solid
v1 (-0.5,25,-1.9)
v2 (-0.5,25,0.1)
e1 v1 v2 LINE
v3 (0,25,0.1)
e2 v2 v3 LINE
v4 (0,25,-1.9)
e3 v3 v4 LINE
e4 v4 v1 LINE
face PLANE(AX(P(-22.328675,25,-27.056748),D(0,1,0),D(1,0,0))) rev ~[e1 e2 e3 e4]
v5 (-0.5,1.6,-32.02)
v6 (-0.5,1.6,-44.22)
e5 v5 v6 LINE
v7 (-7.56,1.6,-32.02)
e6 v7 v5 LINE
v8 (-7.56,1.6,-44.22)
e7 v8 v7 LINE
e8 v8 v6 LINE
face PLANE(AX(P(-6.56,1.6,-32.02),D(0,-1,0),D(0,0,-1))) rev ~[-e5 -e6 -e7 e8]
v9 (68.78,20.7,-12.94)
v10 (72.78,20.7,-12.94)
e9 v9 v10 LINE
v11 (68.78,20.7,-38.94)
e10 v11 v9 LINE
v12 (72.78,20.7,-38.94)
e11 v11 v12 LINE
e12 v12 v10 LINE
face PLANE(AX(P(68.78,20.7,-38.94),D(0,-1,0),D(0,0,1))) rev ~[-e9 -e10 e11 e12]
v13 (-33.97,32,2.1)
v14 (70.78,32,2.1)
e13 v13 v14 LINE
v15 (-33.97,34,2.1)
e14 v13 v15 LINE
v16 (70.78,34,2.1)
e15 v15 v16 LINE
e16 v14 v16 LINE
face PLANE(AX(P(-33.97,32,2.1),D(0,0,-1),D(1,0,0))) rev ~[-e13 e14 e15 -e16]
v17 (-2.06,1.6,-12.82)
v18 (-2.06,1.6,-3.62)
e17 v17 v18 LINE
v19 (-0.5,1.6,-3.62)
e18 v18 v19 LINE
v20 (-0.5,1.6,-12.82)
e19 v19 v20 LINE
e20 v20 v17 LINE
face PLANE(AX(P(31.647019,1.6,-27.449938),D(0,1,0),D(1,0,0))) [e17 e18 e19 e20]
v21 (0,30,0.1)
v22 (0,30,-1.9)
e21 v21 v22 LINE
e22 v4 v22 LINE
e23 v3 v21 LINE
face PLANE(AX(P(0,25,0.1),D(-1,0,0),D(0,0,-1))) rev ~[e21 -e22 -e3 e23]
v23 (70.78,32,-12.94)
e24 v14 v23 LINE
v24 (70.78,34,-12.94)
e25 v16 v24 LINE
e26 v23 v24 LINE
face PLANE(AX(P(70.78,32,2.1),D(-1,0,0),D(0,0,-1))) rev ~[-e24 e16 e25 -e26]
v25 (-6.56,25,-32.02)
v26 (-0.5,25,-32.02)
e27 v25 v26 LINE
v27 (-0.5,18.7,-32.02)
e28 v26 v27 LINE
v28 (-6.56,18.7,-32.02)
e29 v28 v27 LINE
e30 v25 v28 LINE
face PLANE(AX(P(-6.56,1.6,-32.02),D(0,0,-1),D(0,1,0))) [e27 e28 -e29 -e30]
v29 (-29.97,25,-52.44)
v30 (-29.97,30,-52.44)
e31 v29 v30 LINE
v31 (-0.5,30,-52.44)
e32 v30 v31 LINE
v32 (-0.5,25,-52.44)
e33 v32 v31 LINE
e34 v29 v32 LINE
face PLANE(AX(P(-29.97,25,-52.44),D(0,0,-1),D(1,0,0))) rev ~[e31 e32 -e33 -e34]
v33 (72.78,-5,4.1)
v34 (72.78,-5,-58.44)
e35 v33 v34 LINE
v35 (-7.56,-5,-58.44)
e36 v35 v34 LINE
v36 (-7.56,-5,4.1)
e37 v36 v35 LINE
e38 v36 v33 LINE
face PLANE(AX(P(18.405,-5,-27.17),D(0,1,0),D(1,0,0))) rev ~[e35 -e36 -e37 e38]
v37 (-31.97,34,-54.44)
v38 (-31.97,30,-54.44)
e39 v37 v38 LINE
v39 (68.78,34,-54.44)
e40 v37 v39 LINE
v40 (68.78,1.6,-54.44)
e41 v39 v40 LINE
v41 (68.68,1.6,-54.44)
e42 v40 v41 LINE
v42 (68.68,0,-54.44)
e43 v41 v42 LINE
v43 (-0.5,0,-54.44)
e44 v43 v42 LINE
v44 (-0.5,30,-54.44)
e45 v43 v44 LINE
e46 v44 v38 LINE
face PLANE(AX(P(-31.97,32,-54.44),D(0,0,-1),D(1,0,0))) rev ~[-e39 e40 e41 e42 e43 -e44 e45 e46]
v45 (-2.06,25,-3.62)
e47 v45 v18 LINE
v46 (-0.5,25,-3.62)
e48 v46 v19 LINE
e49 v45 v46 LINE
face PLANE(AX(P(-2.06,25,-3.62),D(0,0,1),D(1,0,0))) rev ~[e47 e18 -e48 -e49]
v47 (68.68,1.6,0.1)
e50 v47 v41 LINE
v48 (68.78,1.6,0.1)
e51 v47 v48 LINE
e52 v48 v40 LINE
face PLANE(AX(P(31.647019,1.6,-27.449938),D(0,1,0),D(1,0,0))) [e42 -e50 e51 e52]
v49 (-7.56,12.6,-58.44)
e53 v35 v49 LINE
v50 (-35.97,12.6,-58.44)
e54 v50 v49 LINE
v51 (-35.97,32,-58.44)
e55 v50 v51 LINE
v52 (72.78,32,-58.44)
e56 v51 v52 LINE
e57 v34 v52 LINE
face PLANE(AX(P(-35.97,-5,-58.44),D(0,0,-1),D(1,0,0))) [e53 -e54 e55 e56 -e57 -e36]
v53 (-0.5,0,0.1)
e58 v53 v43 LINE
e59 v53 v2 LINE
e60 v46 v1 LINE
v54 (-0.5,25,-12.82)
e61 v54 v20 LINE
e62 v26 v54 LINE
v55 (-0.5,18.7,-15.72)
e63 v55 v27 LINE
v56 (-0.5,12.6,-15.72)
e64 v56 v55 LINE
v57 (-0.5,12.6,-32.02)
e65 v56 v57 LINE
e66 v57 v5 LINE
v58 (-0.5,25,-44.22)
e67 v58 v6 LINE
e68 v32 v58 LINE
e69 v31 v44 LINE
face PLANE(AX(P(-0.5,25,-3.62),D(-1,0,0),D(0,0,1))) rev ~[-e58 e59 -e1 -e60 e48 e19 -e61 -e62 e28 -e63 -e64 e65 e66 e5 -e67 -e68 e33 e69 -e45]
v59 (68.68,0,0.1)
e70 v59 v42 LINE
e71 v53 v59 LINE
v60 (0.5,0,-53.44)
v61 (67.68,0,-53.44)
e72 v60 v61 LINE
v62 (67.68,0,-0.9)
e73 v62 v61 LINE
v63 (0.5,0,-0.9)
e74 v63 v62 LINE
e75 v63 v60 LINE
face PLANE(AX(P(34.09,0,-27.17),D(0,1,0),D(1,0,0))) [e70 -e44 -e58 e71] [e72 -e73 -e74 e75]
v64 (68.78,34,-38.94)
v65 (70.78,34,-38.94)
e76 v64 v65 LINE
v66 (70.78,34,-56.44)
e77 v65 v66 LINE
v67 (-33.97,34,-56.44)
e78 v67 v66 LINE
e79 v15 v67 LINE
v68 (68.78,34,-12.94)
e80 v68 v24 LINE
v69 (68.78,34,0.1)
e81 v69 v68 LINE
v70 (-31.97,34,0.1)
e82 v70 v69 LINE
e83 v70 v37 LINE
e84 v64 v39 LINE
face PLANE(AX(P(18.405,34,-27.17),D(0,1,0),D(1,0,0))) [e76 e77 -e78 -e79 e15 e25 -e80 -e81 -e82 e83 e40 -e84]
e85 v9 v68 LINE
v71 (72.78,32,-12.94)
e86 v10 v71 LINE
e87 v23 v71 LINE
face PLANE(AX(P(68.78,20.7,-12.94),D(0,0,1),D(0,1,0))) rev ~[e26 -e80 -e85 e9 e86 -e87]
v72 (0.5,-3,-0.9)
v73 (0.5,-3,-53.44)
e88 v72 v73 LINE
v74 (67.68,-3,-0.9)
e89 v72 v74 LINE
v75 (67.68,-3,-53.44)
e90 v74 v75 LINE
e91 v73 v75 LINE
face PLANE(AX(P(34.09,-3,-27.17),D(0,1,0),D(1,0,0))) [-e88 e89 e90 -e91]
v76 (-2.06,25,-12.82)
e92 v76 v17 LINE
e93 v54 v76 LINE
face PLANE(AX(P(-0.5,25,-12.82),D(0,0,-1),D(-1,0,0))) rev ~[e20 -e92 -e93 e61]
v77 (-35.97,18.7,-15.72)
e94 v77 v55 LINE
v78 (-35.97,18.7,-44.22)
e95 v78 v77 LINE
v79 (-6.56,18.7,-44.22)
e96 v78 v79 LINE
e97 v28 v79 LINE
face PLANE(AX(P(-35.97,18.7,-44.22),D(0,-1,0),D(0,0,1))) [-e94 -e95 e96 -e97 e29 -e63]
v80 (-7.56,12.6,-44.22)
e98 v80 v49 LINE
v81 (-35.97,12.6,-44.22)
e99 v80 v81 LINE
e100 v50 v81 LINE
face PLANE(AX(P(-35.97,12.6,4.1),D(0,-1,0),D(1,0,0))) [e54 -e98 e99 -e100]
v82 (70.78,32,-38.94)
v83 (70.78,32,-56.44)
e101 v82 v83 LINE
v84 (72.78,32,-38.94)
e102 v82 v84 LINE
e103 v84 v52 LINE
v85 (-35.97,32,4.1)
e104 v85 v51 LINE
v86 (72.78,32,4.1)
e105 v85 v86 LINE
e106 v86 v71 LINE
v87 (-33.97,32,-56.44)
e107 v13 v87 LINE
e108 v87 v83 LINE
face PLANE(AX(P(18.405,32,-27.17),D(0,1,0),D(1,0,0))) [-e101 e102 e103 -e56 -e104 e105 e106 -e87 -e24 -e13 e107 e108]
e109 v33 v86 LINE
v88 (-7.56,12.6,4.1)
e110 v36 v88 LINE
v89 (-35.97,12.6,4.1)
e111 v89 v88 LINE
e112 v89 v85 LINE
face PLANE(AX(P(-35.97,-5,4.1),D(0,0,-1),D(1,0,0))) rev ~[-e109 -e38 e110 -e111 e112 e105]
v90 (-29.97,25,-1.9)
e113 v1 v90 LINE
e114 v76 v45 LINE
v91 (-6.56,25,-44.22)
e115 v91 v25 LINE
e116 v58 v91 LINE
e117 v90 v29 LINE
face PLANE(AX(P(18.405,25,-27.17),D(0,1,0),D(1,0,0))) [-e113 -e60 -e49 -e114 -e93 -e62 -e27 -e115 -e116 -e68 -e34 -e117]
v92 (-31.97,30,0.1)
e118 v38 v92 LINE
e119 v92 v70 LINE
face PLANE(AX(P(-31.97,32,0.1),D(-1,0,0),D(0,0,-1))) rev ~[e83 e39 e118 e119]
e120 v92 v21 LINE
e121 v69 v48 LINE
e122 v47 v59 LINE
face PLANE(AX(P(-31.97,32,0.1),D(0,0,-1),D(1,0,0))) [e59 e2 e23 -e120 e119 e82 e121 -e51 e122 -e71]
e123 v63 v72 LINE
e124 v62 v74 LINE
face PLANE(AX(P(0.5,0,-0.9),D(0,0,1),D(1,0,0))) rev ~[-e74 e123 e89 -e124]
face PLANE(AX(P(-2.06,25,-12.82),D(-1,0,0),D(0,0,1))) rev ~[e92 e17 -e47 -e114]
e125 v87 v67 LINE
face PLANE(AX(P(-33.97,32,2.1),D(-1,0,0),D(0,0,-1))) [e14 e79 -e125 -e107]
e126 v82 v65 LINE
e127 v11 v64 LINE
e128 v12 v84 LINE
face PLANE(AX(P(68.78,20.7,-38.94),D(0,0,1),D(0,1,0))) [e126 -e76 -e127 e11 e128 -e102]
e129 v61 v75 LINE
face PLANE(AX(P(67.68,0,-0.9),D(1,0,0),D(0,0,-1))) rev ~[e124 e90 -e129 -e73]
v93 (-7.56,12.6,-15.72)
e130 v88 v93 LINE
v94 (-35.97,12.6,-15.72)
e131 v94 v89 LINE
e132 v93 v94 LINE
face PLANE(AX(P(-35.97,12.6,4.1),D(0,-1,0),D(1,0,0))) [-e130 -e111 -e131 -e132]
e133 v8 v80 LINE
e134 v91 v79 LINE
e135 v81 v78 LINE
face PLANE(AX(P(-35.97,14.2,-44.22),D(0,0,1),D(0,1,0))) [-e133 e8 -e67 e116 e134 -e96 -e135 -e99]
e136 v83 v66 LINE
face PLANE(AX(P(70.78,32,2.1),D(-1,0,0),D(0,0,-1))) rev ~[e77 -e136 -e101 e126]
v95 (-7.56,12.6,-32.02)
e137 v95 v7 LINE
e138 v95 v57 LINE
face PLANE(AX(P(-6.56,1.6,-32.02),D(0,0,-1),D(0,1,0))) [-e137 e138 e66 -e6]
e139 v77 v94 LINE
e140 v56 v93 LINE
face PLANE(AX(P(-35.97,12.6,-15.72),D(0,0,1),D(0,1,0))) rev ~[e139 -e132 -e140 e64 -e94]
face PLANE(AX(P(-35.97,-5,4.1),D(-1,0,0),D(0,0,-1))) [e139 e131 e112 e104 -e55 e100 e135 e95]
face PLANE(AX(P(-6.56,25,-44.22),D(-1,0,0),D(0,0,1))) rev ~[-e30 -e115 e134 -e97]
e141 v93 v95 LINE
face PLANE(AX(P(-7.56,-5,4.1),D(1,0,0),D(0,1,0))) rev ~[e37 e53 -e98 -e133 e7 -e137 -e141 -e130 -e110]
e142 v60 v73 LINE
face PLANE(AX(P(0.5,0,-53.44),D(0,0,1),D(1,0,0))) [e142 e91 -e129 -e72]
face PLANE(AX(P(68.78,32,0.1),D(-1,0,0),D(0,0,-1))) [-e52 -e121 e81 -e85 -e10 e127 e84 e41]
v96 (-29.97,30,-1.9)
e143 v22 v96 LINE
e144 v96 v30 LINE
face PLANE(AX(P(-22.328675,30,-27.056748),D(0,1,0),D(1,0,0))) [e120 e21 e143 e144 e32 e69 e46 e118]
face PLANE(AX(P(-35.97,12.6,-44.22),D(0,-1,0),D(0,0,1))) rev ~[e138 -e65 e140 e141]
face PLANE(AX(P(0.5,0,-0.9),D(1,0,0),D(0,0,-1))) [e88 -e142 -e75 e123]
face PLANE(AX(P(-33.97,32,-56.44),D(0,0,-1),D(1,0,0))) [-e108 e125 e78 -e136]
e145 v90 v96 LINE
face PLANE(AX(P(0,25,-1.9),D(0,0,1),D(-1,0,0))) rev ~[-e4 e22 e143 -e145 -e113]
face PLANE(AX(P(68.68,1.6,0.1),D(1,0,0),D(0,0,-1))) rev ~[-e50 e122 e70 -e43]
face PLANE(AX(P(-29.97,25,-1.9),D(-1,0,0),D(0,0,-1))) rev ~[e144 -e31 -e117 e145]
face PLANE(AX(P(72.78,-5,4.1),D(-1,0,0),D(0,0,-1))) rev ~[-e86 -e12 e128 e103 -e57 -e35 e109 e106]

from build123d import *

# Parameters (mm, degrees)
EXTRUDE_1_DEPTH      = 32
EXTRUDE_1_DEPTH_BACK = 5
SKETCH_6_W           = 108.75
SKETCH_6_H           = 62.54
SKETCH_8_W           = 100.75
SKETCH_8_H           = 54.54
CUT_EXTRUDE_1_DEPTH  = 7
CUT_EXTRUDE_2_DEPTH  = 23.4
SKETCH_10_W          = 69.18
SKETCH_10_H          = 54.54
CUT_EXTRUDE_3_DEPTH  = 1.6
SKETCH_11_W          = 67.18
SKETCH_11_H          = 52.54
CUT_EXTRUDE_4_DEPTH  = 3
SKETCH_12_W          = 12.2
SKETCH_12_H          = 11
CUT_EXTRUDE_5_DEPTH  = 104.605353144
CUT_EXTRUDE_6_REACH  = 129.537
SKETCH_14_W          = 28.5
SKETCH_14_H          = 4.5
CUT_EXTRUDE_7_REACH  = 103.154
SKETCH_15_W          = 28.41
SKETCH_15_H          = 17.6
EXTRUDE_2_DEPTH      = 5
CUT_EXTRUDE_14_REACH = 129.537
SKETCH_23_W          = 28.5
SKETCH_23_H          = 1.6
SKETCH_25_W          = 104.75
SKETCH_25_H          = 58.54
SKETCH_25_W_2        = 100.75
SKETCH_25_H_2        = 54.54
EXTRUDE_3_DEPTH      = 2
SKETCH_26_W          = 26
SKETCH_26_H          = 13.3
CUT_EXTRUDE_15_DEPTH = 4


with BuildPart() as part:
    # ｽｹｯﾁ6 → ﾎﾞｽ - 押し出し1 (new, two sides: drawn at the far end of the back side and taken through both)
    with BuildSketch(Plane(origin=(0, 0, 0), x_dir=(1, 0, 0), z_dir=(0, 1, 0)).offset(-EXTRUDE_1_DEPTH_BACK)):
        with Locations((18.405, 27.17)):
            Rectangle(SKETCH_6_W, SKETCH_6_H)
    extrude(amount=EXTRUDE_1_DEPTH + EXTRUDE_1_DEPTH_BACK)

    # ｽｹｯﾁ8 → ｶｯﾄ - 押し出し1 (cut)
    with BuildSketch(Plane(origin=(0, 32, 0), x_dir=(1, 0, 0), z_dir=(0, 1, 0))):
        with Locations((18.405, 27.17)):
            Rectangle(SKETCH_8_W, SKETCH_8_H)
    extrude(amount=-CUT_EXTRUDE_1_DEPTH, mode=Mode.SUBTRACT)

    # ｽｹｯﾁ9 → ｶｯﾄ - 押し出し2 (cut)
    with BuildSketch(Plane(origin=(0, 25, 0), x_dir=(1, 0, 0), z_dir=(0, 1, 0))):
        Polygon((-0.5, 54.44), (-0.5, 44.22), (-6.56, 44.22), (-6.56, 32.02), (-0.5, 32.02), (-0.5, 12.82), (-2.06, 12.82), (-2.06, 3.62), (-0.5, 3.62), (-0.5, -0.1), (68.78, -0.1), (68.78, 54.44), align=None)
    extrude(amount=-CUT_EXTRUDE_2_DEPTH, mode=Mode.SUBTRACT)

    # ｽｹｯﾁ10 → ｶｯﾄ - 押し出し3 (cut)
    with BuildSketch(Plane(origin=(0, 1.6, 0), x_dir=(1, 0, 0), z_dir=(0, 1, 0))):
        with Locations((34.09, 27.17)):
            Rectangle(SKETCH_10_W, SKETCH_10_H)
    extrude(amount=-CUT_EXTRUDE_3_DEPTH, mode=Mode.SUBTRACT)

    # ｽｹｯﾁ11 → ｶｯﾄ - 押し出し4 (cut)
    with BuildSketch(Plane(origin=(0, 0, 0), x_dir=(1, 0, 0), z_dir=(0, 1, 0))):
        with Locations((34.09, 27.17)):
            Rectangle(SKETCH_11_W, SKETCH_11_H)
    extrude(amount=-CUT_EXTRUDE_4_DEPTH, mode=Mode.SUBTRACT)

    # ｽｹｯﾁ12 → ｶｯﾄ - 押し出し5 (cut, through all)
    with BuildSketch(Plane(origin=(-6.56, 0, 0), x_dir=(0, 0, -1), z_dir=(1, 0, 0))):
        with Locations((38.12, 7.1)):
            Rectangle(SKETCH_12_W, SKETCH_12_H)
    extrude(amount=-CUT_EXTRUDE_5_DEPTH, mode=Mode.SUBTRACT)

    # ｽｹｯﾁ14 → ｶｯﾄ - 押し出し6 (cut, up to next)
    with BuildSketch(Plane.ZY.offset(35.97), mode=Mode.PRIVATE) as cut_extrude_6_sk1:
        with Locations((-29.97, 16.45)):
            Rectangle(SKETCH_14_W, SKETCH_14_H)
    cut_extrude_6_tool1 = extrude(cut_extrude_6_sk1.sketch, amount=-CUT_EXTRUDE_6_REACH, mode=Mode.PRIVATE) & part.part
    add(cut_extrude_6_tool1.solids().sort_by_distance((-35.97, 16.45, -29.97))[0], mode=Mode.SUBTRACT)

    # ｶｯﾄ - 押し出し7: up to this face of the body (flat: up to its plane)
    cut_extrude_7_end = Plane(part.part.faces().sort_by_distance((18.405, 13.5, -58.44))[0])
    # ｽｹｯﾁ15 → ｶｯﾄ - 押し出し7 (cut, up to the picked face)
    with BuildSketch(Plane.XY.offset(4.1), mode=Mode.PRIVATE) as cut_extrude_7_sk1:
        with Locations((-21.765, 3.8)):
            Rectangle(SKETCH_15_W, SKETCH_15_H)
    cut_extrude_7_tool1 = split(extrude(cut_extrude_7_sk1.sketch, amount=-CUT_EXTRUDE_7_REACH, mode=Mode.PRIVATE), bisect_by=cut_extrude_7_end, keep=Keep.BOTH, mode=Mode.PRIVATE)
    add(cut_extrude_7_tool1.solids().sort_by(Axis((-21.765, 3.8, 4.1), (0, 0, -1)))[0], mode=Mode.SUBTRACT)

    # ｽｹｯﾁ16 → ﾎﾞｽ - 押し出し2 (add)
    with BuildSketch(Plane(origin=(0, 25, 0), x_dir=(1, 0, 0), z_dir=(0, 1, 0))):
        Polygon((-0.5, 54.44), (-31.97, 54.44), (-31.97, -0.1), (0, -0.1), (0, 1.9), (-29.97, 1.9), (-29.97, 52.44), (-0.5, 52.44), align=None)
    extrude(amount=EXTRUDE_2_DEPTH)

    # ｽｹｯﾁ23 → ｶｯﾄ - 押し出し14 (cut, up to next)
    with BuildSketch(Plane.ZY.offset(35.97), mode=Mode.PRIVATE) as cut_extrude_14_sk1:
        with Locations((-29.97, 13.4)):
            Rectangle(SKETCH_23_W, SKETCH_23_H)
    cut_extrude_14_tool1 = extrude(cut_extrude_14_sk1.sketch, amount=-CUT_EXTRUDE_14_REACH, mode=Mode.PRIVATE) & part.part
    add(cut_extrude_14_tool1.solids().sort_by_distance((-35.97, 13.4, -29.97))[0], mode=Mode.SUBTRACT)

    # ｽｹｯﾁ25 → ﾎﾞｽ - 押し出し3 (add)
    with BuildSketch(Plane(origin=(0, 32, 0), x_dir=(1, 0, 0), z_dir=(0, 1, 0))):
        with Locations((18.405, 27.17)):
            Rectangle(SKETCH_25_W, SKETCH_25_H)
        with Locations((18.405, 27.17)):
            Rectangle(SKETCH_25_W_2, SKETCH_25_H_2, mode=Mode.SUBTRACT)
    extrude(amount=EXTRUDE_3_DEPTH)

    # ｽｹｯﾁ26 → ｶｯﾄ - 押し出し15 (cut)
    with BuildSketch(Plane.ZY.offset(-68.78)):
        with Locations((-25.94, 27.35)):
            Rectangle(SKETCH_26_W, SKETCH_26_H)
    extrude(amount=-CUT_EXTRUDE_15_DEPTH, mode=Mode.SUBTRACT)


solid = part.part
